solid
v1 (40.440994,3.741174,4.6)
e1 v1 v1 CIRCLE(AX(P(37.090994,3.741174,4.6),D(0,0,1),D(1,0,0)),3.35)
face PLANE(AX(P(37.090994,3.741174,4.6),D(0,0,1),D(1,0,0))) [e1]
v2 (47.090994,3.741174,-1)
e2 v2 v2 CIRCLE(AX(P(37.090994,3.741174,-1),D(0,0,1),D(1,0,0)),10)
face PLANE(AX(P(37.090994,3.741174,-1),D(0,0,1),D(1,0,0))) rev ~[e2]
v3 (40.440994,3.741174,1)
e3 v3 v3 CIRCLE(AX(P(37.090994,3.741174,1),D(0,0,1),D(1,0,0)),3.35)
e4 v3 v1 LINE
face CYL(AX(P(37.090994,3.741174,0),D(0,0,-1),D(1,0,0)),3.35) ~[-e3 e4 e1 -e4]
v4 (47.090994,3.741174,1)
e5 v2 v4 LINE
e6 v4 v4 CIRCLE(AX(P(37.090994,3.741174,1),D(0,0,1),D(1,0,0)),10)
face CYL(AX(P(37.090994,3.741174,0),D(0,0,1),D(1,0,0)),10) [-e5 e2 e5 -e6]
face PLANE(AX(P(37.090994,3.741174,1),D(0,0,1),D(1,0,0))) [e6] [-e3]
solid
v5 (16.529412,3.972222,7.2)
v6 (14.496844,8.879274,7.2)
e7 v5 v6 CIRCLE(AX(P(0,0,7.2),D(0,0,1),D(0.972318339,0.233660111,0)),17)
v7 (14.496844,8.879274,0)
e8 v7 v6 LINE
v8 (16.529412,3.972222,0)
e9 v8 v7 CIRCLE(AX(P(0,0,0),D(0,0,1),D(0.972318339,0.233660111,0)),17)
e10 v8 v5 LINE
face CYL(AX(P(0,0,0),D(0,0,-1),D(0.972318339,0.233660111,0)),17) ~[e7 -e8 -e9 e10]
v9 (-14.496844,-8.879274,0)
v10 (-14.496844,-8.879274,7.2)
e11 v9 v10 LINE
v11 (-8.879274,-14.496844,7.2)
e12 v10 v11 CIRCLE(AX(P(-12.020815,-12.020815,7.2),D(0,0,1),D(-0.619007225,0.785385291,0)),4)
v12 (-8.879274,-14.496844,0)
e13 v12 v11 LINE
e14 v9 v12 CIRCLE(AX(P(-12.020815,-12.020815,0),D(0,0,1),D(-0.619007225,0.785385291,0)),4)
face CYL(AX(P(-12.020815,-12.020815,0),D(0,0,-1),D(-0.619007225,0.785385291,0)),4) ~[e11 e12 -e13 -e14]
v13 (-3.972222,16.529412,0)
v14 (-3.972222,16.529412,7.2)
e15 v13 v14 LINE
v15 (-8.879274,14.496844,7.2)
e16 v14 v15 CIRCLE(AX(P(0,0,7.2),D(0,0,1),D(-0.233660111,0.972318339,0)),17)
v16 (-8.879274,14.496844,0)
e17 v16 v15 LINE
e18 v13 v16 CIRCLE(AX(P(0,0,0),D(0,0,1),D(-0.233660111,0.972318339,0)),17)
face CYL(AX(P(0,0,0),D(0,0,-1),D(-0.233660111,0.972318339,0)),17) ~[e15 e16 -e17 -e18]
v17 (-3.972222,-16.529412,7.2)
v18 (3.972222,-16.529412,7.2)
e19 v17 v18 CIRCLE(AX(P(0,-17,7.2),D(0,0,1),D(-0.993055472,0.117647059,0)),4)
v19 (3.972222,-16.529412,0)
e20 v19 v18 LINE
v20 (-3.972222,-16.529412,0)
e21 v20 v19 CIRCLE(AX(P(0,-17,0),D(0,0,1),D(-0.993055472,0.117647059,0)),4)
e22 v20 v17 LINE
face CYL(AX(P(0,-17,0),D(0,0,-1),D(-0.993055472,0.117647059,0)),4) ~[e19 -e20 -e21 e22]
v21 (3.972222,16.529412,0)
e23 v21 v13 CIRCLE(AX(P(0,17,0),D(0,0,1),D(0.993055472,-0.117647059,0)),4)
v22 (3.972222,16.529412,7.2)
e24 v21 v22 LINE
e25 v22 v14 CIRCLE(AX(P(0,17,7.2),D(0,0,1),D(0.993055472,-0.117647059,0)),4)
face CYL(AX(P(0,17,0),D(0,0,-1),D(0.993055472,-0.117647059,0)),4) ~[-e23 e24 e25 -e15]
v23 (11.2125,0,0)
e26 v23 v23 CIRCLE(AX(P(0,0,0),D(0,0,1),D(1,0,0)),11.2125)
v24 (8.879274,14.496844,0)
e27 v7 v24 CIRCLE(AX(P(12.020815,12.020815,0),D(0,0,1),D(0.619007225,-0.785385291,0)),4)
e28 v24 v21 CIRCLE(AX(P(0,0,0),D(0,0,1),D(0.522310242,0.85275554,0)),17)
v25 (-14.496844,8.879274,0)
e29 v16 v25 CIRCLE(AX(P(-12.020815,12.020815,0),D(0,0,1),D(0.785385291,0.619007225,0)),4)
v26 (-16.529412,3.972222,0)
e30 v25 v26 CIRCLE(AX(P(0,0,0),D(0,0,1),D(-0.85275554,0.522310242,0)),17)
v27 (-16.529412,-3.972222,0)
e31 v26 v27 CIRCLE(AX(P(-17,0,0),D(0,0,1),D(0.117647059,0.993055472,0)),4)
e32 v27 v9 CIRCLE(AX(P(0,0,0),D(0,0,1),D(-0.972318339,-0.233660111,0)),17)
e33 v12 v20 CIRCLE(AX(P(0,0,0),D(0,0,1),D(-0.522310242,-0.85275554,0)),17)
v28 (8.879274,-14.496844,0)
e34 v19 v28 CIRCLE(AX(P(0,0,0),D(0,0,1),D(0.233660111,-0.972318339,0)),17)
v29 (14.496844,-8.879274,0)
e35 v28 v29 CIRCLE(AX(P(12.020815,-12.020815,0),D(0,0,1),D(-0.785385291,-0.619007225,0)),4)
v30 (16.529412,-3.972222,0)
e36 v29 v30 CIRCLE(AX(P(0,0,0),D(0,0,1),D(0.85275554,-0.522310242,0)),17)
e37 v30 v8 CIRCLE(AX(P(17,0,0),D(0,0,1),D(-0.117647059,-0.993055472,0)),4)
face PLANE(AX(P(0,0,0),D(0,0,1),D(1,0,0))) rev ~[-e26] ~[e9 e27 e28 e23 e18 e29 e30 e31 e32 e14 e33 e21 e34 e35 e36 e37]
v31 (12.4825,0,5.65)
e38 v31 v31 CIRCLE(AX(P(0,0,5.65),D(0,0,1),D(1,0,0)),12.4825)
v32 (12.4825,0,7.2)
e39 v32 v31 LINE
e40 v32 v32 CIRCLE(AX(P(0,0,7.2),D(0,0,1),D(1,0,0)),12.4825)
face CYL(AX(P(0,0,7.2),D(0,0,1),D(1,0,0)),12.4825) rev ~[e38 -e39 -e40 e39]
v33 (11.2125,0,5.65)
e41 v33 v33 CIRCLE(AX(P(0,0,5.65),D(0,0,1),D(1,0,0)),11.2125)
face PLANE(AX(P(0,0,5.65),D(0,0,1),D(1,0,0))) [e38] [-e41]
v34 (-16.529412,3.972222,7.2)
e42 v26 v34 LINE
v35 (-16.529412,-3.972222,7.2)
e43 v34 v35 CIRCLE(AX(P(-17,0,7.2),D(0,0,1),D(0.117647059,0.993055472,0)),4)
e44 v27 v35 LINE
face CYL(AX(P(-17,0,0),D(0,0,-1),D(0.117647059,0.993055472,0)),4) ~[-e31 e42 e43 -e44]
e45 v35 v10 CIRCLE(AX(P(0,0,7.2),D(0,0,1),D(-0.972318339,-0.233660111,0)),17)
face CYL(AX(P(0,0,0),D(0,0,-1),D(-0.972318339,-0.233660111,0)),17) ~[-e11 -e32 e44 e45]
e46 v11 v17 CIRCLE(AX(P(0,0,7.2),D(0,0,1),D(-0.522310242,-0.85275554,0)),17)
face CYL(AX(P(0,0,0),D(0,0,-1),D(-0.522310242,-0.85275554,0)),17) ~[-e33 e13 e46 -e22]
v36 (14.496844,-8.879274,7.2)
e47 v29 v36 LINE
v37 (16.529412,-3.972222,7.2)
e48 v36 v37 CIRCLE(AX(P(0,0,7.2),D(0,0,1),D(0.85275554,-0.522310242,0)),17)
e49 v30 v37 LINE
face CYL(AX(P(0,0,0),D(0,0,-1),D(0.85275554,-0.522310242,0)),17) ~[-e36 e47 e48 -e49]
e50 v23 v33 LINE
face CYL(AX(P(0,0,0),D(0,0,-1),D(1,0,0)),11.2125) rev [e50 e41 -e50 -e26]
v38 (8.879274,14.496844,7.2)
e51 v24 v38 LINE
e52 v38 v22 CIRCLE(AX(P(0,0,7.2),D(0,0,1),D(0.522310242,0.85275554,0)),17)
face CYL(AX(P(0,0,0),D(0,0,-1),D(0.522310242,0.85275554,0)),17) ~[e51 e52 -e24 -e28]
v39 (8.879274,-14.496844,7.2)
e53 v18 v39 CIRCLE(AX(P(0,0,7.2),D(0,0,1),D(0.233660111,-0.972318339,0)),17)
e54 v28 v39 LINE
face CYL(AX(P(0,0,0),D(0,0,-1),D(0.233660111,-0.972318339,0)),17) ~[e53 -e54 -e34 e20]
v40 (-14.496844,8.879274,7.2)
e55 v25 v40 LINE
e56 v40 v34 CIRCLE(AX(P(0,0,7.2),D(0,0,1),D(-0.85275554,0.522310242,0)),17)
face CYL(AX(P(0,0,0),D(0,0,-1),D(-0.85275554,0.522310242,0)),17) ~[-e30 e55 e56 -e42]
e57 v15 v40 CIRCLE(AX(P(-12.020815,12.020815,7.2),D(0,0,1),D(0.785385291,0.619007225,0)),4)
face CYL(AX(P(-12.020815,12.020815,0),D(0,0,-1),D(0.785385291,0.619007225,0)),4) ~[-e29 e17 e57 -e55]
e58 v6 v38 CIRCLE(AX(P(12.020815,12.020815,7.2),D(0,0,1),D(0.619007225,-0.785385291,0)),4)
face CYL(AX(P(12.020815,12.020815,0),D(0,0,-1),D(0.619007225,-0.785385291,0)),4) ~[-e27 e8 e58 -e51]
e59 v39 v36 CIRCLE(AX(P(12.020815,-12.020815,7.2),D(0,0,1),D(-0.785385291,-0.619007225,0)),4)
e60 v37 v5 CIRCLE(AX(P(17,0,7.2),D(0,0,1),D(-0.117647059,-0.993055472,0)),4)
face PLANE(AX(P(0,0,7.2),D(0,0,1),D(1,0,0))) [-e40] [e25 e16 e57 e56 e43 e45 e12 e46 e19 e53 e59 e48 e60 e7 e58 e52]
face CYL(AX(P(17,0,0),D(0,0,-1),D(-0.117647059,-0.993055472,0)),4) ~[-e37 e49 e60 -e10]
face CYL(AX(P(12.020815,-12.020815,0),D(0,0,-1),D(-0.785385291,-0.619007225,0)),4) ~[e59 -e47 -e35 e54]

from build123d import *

# Parameters (mm, degrees)
F0_R      = 4.6625
F1_DEPTH  = 7.2
F0_R_2    = 11.2125
F2_R      = 12.4825
F2_R_2    = 11.2125
F3_DEPTH  = 1.55
F4_R      = 5.8
F5_DEPTH  = 1
F6_DEPTH  = 8.4
F7_R      = 3.5
F8_DEPTH  = 25
F9_R      = 10
F9_R_2    = 3.35
F10_DEPTH = 1
F11_DEPTH = 4.6
F12_DEPTH = 1
F13_DEPTH = 1


with BuildPart() as f1:
    # F0 (on Top) → F1 (new body)
    with BuildSketch(Plane.XY):
        Circle(F0_R)
    extrude(amount=F1_DEPTH)

    # F4 (on Top) → F5 (join)
    with BuildSketch(Plane.XY):
        Circle(F4_R)
    extrude(amount=F5_DEPTH)

    # F0 (on Top) → F6 (join)
    with BuildSketch(Plane.XY):
        Circle(F0_R)
    extrude(amount=F6_DEPTH)

    # F7 (on face) → F8 (cut)
    with BuildSketch(Plane.XY.offset(8.4)):
        Circle(F7_R)
    extrude(amount=-F8_DEPTH, mode=Mode.SUBTRACT)

    # F12 (add): a face of the model
    f12_faces = [f1.faces().sort_by_distance(p)[0] for p in [
        (-5.6359512268, 0, 0),
    ]]
    extrude(f12_faces, amount=F12_DEPTH)


with BuildPart() as f1b:
    # F0 (on Top) → F1, piece 2 (new body)
    with BuildSketch(Plane.XY):
        with BuildLine():
            ThreePointArc((-8.8792741158, 14.4968441799), (-14.8492424049, 14.8492424049), (-14.4968441799, 8.8792741158))
            ThreePointArc((-14.4968441799, 8.8792741158), (-15.7059520527, 6.5056183502), (-16.5294117647, 3.9722218861))
            ThreePointArc((-16.5294117647, 3.9722218861), (-21, 0), (-16.5294117647, -3.9722218861))
            ThreePointArc((-16.5294117647, -3.9722218861), (-15.7059520527, -6.5056183502), (-14.4968441799, -8.8792741158))
            ThreePointArc((-14.4968441799, -8.8792741158), (-14.8492424049, -14.8492424049), (-8.8792741158, -14.4968441799))
            ThreePointArc((-8.8792741158, -14.4968441799), (-6.5056183502, -15.7059520527), (-3.9722218861, -16.5294117647))
            ThreePointArc((-3.9722218861, -16.5294117647), (0, -21), (3.9722218861, -16.5294117647))
            ThreePointArc((3.9722218861, -16.5294117647), (6.5056183502, -15.7059520527), (8.8792741158, -14.4968441799))
            ThreePointArc((8.8792741158, -14.4968441799), (14.8492424049, -14.8492424049), (14.4968441799, -8.8792741158))
            ThreePointArc((14.4968441799, -8.8792741158), (15.7059520527, -6.5056183502), (16.5294117647, -3.9722218861))
            ThreePointArc((16.5294117647, -3.9722218861), (21, 0), (16.5294117647, 3.9722218861))
            ThreePointArc((16.5294117647, 3.9722218861), (15.7059520527, 6.5056183502), (14.4968441799, 8.8792741158))
            ThreePointArc((14.4968441799, 8.8792741158), (14.8492424049, 14.8492424049), (8.8792741158, 14.4968441799))
            ThreePointArc((8.8792741158, 14.4968441799), (6.5056183502, 15.7059520527), (3.9722218861, 16.5294117647))
            ThreePointArc((3.9722218861, 16.5294117647), (0, 21), (-3.9722218861, 16.5294117647))
            ThreePointArc((-3.9722218861, 16.5294117647), (-6.5056183502, 15.7059520527), (-8.8792741158, 14.4968441799))
        make_face()
        Circle(F0_R_2, mode=Mode.SUBTRACT)
    extrude(amount=F1_DEPTH)

    # F2 (on face) → F3 (cut)
    with BuildSketch(Plane.XY.offset(7.2)):
        Circle(F2_R)
        Circle(F2_R_2, mode=Mode.SUBTRACT)
    extrude(amount=-F3_DEPTH, mode=Mode.SUBTRACT)


with BuildPart() as f10:
    # F9 (on Top) → F10 (new body)
    with BuildSketch(Plane.XY):
        with Locations((37.0909944177, 3.7411744706)):
            Circle(F9_R)
        with Locations((37.0909944177, 3.7411744706)):
            Circle(F9_R_2, mode=Mode.SUBTRACT)
    extrude(amount=F10_DEPTH)

    # F9 (on Top) → F11 (join)
    with BuildSketch(Plane.XY):
        with Locations((37.0909944177, 3.7411744706)):
            Circle(F9_R_2)
    extrude(amount=F11_DEPTH)

    # F9 (on Top) → F13 (join)
    with BuildSketch(Plane.XY):
        with Locations((37.0909944177, 3.7411744706)):
            Circle(F9_R)
        with Locations((37.0909944177, 3.7411744706)):
            Circle(F9_R_2, mode=Mode.SUBTRACT)
        with Locations((37.0909944177, 3.7411744706)):
            Circle(F9_R_2)
    extrude(amount=-F13_DEPTH)


solid = Compound([f1b.part, f10.part])
